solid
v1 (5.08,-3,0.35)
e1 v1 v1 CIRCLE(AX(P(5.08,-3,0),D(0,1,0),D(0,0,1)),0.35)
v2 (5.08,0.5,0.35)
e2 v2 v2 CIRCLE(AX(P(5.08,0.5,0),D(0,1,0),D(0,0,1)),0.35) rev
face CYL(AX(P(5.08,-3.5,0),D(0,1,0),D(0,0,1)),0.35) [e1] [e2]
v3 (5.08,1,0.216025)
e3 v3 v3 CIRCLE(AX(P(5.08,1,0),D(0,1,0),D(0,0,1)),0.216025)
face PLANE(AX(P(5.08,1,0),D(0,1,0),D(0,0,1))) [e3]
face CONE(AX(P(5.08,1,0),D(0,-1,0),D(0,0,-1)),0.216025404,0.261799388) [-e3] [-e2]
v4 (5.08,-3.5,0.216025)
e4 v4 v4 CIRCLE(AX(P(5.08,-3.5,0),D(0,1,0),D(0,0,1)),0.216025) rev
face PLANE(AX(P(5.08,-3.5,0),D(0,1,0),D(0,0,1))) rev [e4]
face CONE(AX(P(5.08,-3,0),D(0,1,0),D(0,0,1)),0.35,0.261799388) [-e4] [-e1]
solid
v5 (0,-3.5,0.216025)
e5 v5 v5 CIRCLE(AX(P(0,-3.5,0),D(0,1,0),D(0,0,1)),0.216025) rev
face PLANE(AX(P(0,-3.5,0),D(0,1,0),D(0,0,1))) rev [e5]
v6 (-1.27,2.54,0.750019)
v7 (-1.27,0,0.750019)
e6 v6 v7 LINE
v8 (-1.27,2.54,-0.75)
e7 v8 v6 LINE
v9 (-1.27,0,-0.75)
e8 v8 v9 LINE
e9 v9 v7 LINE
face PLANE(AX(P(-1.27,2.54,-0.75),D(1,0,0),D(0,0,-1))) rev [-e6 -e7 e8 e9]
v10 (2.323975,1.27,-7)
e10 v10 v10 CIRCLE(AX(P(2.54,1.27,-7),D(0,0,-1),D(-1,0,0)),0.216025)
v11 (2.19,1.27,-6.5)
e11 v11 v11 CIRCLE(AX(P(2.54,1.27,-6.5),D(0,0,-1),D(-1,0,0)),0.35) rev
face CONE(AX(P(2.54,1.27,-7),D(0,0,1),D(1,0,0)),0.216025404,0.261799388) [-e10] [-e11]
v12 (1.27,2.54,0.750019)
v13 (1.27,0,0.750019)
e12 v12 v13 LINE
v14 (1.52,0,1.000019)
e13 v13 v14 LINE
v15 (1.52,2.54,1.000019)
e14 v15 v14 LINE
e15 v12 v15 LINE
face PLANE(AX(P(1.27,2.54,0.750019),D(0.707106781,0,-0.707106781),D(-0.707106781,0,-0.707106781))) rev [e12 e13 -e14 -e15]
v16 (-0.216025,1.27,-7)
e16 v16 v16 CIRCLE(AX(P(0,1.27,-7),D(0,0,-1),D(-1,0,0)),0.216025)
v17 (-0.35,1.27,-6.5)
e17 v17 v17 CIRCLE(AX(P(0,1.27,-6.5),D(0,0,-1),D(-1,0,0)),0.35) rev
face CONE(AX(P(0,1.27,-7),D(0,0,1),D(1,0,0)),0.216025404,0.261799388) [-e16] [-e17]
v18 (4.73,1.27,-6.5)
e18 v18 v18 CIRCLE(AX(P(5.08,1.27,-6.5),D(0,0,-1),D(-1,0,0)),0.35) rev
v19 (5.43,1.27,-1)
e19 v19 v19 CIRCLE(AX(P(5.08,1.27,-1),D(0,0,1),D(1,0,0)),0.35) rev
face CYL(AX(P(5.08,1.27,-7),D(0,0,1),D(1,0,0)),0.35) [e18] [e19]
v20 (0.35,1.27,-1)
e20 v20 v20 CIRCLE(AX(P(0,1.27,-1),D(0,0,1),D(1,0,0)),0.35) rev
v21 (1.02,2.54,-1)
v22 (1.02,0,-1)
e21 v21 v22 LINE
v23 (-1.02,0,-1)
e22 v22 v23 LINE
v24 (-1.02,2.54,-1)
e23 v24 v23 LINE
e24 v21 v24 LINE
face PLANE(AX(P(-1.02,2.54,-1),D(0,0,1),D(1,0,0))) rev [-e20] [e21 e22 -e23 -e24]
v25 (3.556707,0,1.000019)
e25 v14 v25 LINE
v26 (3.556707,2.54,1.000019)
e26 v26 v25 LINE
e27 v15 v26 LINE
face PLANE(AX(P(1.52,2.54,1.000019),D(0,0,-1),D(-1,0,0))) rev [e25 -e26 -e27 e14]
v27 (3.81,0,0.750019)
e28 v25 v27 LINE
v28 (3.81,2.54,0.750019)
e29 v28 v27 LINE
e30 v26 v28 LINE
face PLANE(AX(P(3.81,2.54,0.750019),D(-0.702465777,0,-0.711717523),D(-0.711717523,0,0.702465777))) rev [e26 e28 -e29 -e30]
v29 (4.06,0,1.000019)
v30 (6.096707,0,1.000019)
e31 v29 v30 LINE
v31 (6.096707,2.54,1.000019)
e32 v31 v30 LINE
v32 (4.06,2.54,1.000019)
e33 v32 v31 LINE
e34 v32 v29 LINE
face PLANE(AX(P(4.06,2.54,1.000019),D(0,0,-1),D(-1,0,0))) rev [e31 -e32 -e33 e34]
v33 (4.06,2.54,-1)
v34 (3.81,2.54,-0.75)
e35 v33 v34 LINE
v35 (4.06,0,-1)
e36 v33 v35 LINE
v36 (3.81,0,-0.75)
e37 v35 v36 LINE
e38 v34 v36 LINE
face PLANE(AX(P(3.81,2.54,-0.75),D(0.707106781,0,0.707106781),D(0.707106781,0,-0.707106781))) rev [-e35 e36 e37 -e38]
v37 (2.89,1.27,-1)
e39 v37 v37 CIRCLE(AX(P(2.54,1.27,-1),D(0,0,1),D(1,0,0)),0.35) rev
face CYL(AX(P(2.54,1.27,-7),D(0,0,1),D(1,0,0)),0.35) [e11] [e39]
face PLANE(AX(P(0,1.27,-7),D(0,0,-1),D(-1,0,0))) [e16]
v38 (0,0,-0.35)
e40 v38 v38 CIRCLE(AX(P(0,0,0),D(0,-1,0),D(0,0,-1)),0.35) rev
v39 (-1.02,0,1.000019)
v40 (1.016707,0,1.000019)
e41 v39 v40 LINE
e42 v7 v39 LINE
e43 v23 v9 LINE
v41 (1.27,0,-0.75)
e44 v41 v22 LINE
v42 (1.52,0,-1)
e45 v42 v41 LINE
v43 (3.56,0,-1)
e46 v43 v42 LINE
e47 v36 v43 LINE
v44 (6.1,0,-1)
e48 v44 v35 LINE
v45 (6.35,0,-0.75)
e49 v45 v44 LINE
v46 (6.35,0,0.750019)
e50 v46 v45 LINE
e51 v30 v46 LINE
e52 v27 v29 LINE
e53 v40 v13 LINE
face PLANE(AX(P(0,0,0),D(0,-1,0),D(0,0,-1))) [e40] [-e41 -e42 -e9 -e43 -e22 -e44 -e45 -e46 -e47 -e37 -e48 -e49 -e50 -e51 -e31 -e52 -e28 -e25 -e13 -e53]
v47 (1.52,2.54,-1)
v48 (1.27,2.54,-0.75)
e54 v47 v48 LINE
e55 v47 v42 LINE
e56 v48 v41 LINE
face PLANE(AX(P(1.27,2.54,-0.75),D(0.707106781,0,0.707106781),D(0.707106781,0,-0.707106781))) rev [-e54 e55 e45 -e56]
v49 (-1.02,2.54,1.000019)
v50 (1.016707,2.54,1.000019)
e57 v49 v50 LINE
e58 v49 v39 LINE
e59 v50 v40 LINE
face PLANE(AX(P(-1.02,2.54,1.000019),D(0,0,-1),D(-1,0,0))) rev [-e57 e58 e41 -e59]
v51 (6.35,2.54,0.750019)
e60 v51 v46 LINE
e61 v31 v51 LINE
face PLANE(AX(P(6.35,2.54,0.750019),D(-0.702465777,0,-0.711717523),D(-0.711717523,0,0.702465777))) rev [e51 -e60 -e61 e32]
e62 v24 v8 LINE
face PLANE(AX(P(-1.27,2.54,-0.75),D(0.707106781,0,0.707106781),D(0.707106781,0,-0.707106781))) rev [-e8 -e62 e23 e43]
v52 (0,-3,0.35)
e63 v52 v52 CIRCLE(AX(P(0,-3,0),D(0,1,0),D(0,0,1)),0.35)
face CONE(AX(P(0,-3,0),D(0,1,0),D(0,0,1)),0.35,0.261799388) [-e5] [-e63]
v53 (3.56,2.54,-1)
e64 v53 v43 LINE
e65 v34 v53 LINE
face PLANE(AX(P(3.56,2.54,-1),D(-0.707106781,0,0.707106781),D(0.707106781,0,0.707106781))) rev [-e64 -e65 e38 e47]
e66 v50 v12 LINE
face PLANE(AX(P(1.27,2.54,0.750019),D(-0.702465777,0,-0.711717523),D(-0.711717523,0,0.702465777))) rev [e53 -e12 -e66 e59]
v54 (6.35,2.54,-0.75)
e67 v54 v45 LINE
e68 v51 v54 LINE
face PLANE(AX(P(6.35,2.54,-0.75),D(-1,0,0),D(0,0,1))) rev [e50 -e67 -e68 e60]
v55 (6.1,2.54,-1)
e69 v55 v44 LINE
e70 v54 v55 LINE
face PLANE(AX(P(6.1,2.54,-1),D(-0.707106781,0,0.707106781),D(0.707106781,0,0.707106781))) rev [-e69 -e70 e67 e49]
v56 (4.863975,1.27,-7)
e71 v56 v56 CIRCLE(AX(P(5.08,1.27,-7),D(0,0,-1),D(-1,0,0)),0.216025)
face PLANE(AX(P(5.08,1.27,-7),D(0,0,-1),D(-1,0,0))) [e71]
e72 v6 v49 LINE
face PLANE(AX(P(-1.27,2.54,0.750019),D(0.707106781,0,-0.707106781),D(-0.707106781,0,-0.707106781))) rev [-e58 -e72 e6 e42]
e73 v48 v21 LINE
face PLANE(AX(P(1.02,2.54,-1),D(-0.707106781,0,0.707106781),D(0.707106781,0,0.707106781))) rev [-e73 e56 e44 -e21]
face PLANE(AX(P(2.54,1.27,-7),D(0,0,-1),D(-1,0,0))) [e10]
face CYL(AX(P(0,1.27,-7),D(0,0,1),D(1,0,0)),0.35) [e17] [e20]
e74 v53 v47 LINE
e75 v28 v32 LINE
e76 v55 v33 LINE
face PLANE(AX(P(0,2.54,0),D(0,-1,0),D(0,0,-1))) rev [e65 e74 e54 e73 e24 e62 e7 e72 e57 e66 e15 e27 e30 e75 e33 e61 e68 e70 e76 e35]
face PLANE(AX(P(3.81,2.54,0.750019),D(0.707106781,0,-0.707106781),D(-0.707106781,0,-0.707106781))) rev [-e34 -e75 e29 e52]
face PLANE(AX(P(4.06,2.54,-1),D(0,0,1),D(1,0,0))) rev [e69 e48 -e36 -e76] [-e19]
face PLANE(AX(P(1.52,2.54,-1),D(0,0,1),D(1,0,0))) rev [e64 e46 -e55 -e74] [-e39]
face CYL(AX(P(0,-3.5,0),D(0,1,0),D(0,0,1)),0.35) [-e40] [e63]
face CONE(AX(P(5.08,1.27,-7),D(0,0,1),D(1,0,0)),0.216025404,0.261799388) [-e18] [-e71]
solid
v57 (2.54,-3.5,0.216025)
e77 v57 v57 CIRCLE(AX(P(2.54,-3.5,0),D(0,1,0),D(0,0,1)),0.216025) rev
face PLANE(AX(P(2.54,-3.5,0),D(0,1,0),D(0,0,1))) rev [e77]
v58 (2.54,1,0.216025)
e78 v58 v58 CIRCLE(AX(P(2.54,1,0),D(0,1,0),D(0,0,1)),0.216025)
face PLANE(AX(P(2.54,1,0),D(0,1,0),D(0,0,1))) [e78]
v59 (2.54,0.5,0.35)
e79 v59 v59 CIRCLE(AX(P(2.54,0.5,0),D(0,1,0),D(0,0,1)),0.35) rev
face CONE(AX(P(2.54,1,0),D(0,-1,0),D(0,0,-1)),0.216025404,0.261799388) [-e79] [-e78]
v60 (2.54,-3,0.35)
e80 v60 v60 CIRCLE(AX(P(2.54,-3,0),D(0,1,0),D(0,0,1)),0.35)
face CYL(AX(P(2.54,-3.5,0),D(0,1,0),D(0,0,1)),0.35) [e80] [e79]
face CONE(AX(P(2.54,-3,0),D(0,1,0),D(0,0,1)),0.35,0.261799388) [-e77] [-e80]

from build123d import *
from OCP.BRepFilletAPI import BRepFilletAPI_MakeChamfer

# Parameters (mm, degrees)
BOSS_EXTRU_1_DEPTH        = 1
BOSS_EXTRU_1_DEPTH_BACK   = 3.5
ESQUISSE1_R               = 0.35
BOSS_EXTRU_1_2_DEPTH      = 1
BOSS_EXTRU_1_2_DEPTH_BACK = 3.5
BOSS_EXTRU_1_3_DEPTH      = 1
BOSS_EXTRU_1_3_DEPTH_BACK = 3.5
CHANFREIN1_SIZE           = 0.5
CHANFREIN1_SIZE2          = 0.133974596
CHANFREIN2_SIZE           = 0.5
CHANFREIN2_SIZE2          = 0.133974596
CHANFREIN3_SIZE           = 0.5
CHANFREIN3_SIZE2          = 0.133974596
BOSS_EXTRU_2_DEPTH        = 2.54
ESQUISSE3_R               = 0.35
BOSS_EXTRU_3_DEPTH        = 6
CHANFREIN4_SIZE           = 0.5
CHANFREIN4_SIZE2          = 0.133974596


with BuildPart() as part:
    # Esquisse1 → Boss.-Extru.1 (new, two sides: drawn at the far end of the back side and taken through both)
    with BuildSketch(Plane(origin=(0, 0, 0), x_dir=(1, 0, 0), z_dir=(0, 1, 0)).offset(-BOSS_EXTRU_1_DEPTH_BACK)):
        with Locations(Location((0, 0, 0), (0, 0, 270))):
            Circle(ESQUISSE1_R)
    extrude(amount=BOSS_EXTRU_1_DEPTH + BOSS_EXTRU_1_DEPTH_BACK)

    # Chanfrein1: one chamfer whose edges measure the first distance from different faces: ONE call of the kernel's chamfer builder (chamfer() names one face for all edges)
    chanfrein1_edges_1 = [part.edges().sort_by_distance(p)[0] for p in [
        (0, -3.5, -0.35),
    ]]
    chanfrein1_side_1 = [part.faces().sort_by_distance(p)[0] for p in [
        (0, -1.75, -0.35),
    ]]
    chanfrein1_edges_2 = [part.edges().sort_by_distance(p)[0] for p in [
        (0, 1, -0.35),
    ]]
    chanfrein1_side_2 = [part.faces().sort_by_distance(p)[0] for p in [
        (0, 0.5, -0.35),
    ]]
    chanfrein1 = BRepFilletAPI_MakeChamfer(part.part.solid().wrapped)
    for e in chanfrein1_edges_1:
        chanfrein1.Add(CHANFREIN1_SIZE, CHANFREIN1_SIZE2, e.wrapped, chanfrein1_side_1[0].wrapped)  # the first distance lies on this face
    for e in chanfrein1_edges_2:
        chanfrein1.Add(CHANFREIN1_SIZE, CHANFREIN1_SIZE2, e.wrapped, chanfrein1_side_2[0].wrapped)  # the first distance lies on this face
    add(Compound.cast(chanfrein1.Shape()), mode=Mode.REPLACE)

    # Esquisse2 → Boss.-Extru.2 (add)
    with BuildSketch(Plane(origin=(0, 0, 0), x_dir=(1, 0, 0), z_dir=(0, 1, 0))):
        Polygon((-1.27, 0.75), (-1.02, 1), (1.02, 1), (1.27, 0.75), (1.52, 1), (3.56, 1), (3.81, 0.75), (4.06, 1), (6.1, 1), (6.35, 0.75), (6.35, -0.750018973), (6.096707403, -1.000018973), (4.06, -1.000018973), (3.81, -0.750018973), (3.556707403, -1.000018973), (1.52, -1.000018973), (1.27, -0.750018973), (1.016707403, -1.000018973), (-1.02, -1.000018973), (-1.27, -0.750018973), align=None)
    extrude(amount=BOSS_EXTRU_2_DEPTH)

    # Esquisse3 → Boss.-Extru.3 (add)
    with BuildSketch(Plane(origin=(0, 0, -1), x_dir=(-1, 0, 0), z_dir=(0, 0, -1))):
        with Locations(Location((-5.08, 1.27, 0), (0, 0, 180))):
            Circle(ESQUISSE3_R)
        with Locations(Location((-2.54, 1.27, 0), (0, 0, 180))):
            Circle(ESQUISSE3_R)
        with Locations(Location((0, 1.27, 0), (0, 0, 180))):
            Circle(ESQUISSE3_R)
    extrude(amount=BOSS_EXTRU_3_DEPTH)

    # Chanfrein4: one chamfer whose edges measure the first distance from different faces: ONE call of the kernel's chamfer builder (chamfer() names one face for all edges)
    chanfrein4_edges_1 = [part.edges().sort_by_distance(p)[0] for p in [
        (4.73, 1.27, -7),
    ]]
    chanfrein4_side_1 = [part.faces().sort_by_distance(p)[0] for p in [
        (4.73, 1.27, -4),
    ]]
    chanfrein4_edges_2 = [part.edges().sort_by_distance(p)[0] for p in [
        (2.19, 1.27, -7),
    ]]
    chanfrein4_side_2 = [part.faces().sort_by_distance(p)[0] for p in [
        (2.19, 1.27, -4),
    ]]
    chanfrein4_edges_3 = [part.edges().sort_by_distance(p)[0] for p in [
        (-0.35, 1.27, -7),
    ]]
    chanfrein4_side_3 = [part.faces().sort_by_distance(p)[0] for p in [
        (-0.35, 1.27, -4),
    ]]
    chanfrein4 = BRepFilletAPI_MakeChamfer(part.part.solid().wrapped)
    for e in chanfrein4_edges_1:
        chanfrein4.Add(CHANFREIN4_SIZE, CHANFREIN4_SIZE2, e.wrapped, chanfrein4_side_1[0].wrapped)  # the first distance lies on this face
    for e in chanfrein4_edges_2:
        chanfrein4.Add(CHANFREIN4_SIZE, CHANFREIN4_SIZE2, e.wrapped, chanfrein4_side_2[0].wrapped)  # the first distance lies on this face
    for e in chanfrein4_edges_3:
        chanfrein4.Add(CHANFREIN4_SIZE, CHANFREIN4_SIZE2, e.wrapped, chanfrein4_side_3[0].wrapped)  # the first distance lies on this face
    add(Compound.cast(chanfrein4.Shape()), mode=Mode.REPLACE)


with BuildPart() as body_2:
    # Esquisse1 → Boss.-Extru.1 2 (new, two sides: drawn at the far end of the back side and taken through both)
    with BuildSketch(Plane(origin=(0, 0, 0), x_dir=(1, 0, 0), z_dir=(0, 1, 0)).offset(-BOSS_EXTRU_1_2_DEPTH_BACK)):
        with Locations(Location((2.54, 0, 0), (0, 0, 270))):
            Circle(ESQUISSE1_R)
    extrude(amount=BOSS_EXTRU_1_2_DEPTH + BOSS_EXTRU_1_2_DEPTH_BACK)

    # Chanfrein2: one chamfer whose edges measure the first distance from different faces: ONE call of the kernel's chamfer builder (chamfer() names one face for all edges)
    chanfrein2_edges_1 = [body_2.edges().sort_by_distance(p)[0] for p in [
        (2.54, -3.5, -0.35),
    ]]
    chanfrein2_side_1 = [body_2.faces().sort_by_distance(p)[0] for p in [
        (2.54, -1.75, -0.35),
    ]]
    chanfrein2_edges_2 = [body_2.edges().sort_by_distance(p)[0] for p in [
        (2.54, 1, -0.35),
    ]]
    chanfrein2_side_2 = [body_2.faces().sort_by_distance(p)[0] for p in [
        (2.54, 0.5, -0.35),
    ]]
    chanfrein2 = BRepFilletAPI_MakeChamfer(body_2.part.solid().wrapped)
    for e in chanfrein2_edges_1:
        chanfrein2.Add(CHANFREIN2_SIZE, CHANFREIN2_SIZE2, e.wrapped, chanfrein2_side_1[0].wrapped)  # the first distance lies on this face
    for e in chanfrein2_edges_2:
        chanfrein2.Add(CHANFREIN2_SIZE, CHANFREIN2_SIZE2, e.wrapped, chanfrein2_side_2[0].wrapped)  # the first distance lies on this face
    add(Compound.cast(chanfrein2.Shape()), mode=Mode.REPLACE)


with BuildPart() as body_3:
    # Esquisse1 → Boss.-Extru.1 3 (new, two sides: drawn at the far end of the back side and taken through both)
    with BuildSketch(Plane(origin=(0, 0, 0), x_dir=(1, 0, 0), z_dir=(0, 1, 0)).offset(-BOSS_EXTRU_1_3_DEPTH_BACK)):
        with Locations(Location((5.08, 0, 0), (0, 0, 270))):
            Circle(ESQUISSE1_R)
    extrude(amount=BOSS_EXTRU_1_3_DEPTH + BOSS_EXTRU_1_3_DEPTH_BACK)

    # Chanfrein3: one chamfer whose edges measure the first distance from different faces: ONE call of the kernel's chamfer builder (chamfer() names one face for all edges)
    chanfrein3_edges_1 = [body_3.edges().sort_by_distance(p)[0] for p in [
        (5.08, -3.5, -0.35),
    ]]
    chanfrein3_side_1 = [body_3.faces().sort_by_distance(p)[0] for p in [
        (5.08, -1.75, -0.35),
    ]]
    chanfrein3_edges_2 = [body_3.edges().sort_by_distance(p)[0] for p in [
        (5.08, 1, -0.35),
    ]]
    chanfrein3_side_2 = [body_3.faces().sort_by_distance(p)[0] for p in [
        (5.08, 0.5, -0.35),
    ]]
    chanfrein3 = BRepFilletAPI_MakeChamfer(body_3.part.solid().wrapped)
    for e in chanfrein3_edges_1:
        chanfrein3.Add(CHANFREIN3_SIZE, CHANFREIN3_SIZE2, e.wrapped, chanfrein3_side_1[0].wrapped)  # the first distance lies on this face
    for e in chanfrein3_edges_2:
        chanfrein3.Add(CHANFREIN3_SIZE, CHANFREIN3_SIZE2, e.wrapped, chanfrein3_side_2[0].wrapped)  # the first distance lies on this face
    add(Compound.cast(chanfrein3.Shape()), mode=Mode.REPLACE)


solid = Compound([part.part, body_2.part, body_3.part])
